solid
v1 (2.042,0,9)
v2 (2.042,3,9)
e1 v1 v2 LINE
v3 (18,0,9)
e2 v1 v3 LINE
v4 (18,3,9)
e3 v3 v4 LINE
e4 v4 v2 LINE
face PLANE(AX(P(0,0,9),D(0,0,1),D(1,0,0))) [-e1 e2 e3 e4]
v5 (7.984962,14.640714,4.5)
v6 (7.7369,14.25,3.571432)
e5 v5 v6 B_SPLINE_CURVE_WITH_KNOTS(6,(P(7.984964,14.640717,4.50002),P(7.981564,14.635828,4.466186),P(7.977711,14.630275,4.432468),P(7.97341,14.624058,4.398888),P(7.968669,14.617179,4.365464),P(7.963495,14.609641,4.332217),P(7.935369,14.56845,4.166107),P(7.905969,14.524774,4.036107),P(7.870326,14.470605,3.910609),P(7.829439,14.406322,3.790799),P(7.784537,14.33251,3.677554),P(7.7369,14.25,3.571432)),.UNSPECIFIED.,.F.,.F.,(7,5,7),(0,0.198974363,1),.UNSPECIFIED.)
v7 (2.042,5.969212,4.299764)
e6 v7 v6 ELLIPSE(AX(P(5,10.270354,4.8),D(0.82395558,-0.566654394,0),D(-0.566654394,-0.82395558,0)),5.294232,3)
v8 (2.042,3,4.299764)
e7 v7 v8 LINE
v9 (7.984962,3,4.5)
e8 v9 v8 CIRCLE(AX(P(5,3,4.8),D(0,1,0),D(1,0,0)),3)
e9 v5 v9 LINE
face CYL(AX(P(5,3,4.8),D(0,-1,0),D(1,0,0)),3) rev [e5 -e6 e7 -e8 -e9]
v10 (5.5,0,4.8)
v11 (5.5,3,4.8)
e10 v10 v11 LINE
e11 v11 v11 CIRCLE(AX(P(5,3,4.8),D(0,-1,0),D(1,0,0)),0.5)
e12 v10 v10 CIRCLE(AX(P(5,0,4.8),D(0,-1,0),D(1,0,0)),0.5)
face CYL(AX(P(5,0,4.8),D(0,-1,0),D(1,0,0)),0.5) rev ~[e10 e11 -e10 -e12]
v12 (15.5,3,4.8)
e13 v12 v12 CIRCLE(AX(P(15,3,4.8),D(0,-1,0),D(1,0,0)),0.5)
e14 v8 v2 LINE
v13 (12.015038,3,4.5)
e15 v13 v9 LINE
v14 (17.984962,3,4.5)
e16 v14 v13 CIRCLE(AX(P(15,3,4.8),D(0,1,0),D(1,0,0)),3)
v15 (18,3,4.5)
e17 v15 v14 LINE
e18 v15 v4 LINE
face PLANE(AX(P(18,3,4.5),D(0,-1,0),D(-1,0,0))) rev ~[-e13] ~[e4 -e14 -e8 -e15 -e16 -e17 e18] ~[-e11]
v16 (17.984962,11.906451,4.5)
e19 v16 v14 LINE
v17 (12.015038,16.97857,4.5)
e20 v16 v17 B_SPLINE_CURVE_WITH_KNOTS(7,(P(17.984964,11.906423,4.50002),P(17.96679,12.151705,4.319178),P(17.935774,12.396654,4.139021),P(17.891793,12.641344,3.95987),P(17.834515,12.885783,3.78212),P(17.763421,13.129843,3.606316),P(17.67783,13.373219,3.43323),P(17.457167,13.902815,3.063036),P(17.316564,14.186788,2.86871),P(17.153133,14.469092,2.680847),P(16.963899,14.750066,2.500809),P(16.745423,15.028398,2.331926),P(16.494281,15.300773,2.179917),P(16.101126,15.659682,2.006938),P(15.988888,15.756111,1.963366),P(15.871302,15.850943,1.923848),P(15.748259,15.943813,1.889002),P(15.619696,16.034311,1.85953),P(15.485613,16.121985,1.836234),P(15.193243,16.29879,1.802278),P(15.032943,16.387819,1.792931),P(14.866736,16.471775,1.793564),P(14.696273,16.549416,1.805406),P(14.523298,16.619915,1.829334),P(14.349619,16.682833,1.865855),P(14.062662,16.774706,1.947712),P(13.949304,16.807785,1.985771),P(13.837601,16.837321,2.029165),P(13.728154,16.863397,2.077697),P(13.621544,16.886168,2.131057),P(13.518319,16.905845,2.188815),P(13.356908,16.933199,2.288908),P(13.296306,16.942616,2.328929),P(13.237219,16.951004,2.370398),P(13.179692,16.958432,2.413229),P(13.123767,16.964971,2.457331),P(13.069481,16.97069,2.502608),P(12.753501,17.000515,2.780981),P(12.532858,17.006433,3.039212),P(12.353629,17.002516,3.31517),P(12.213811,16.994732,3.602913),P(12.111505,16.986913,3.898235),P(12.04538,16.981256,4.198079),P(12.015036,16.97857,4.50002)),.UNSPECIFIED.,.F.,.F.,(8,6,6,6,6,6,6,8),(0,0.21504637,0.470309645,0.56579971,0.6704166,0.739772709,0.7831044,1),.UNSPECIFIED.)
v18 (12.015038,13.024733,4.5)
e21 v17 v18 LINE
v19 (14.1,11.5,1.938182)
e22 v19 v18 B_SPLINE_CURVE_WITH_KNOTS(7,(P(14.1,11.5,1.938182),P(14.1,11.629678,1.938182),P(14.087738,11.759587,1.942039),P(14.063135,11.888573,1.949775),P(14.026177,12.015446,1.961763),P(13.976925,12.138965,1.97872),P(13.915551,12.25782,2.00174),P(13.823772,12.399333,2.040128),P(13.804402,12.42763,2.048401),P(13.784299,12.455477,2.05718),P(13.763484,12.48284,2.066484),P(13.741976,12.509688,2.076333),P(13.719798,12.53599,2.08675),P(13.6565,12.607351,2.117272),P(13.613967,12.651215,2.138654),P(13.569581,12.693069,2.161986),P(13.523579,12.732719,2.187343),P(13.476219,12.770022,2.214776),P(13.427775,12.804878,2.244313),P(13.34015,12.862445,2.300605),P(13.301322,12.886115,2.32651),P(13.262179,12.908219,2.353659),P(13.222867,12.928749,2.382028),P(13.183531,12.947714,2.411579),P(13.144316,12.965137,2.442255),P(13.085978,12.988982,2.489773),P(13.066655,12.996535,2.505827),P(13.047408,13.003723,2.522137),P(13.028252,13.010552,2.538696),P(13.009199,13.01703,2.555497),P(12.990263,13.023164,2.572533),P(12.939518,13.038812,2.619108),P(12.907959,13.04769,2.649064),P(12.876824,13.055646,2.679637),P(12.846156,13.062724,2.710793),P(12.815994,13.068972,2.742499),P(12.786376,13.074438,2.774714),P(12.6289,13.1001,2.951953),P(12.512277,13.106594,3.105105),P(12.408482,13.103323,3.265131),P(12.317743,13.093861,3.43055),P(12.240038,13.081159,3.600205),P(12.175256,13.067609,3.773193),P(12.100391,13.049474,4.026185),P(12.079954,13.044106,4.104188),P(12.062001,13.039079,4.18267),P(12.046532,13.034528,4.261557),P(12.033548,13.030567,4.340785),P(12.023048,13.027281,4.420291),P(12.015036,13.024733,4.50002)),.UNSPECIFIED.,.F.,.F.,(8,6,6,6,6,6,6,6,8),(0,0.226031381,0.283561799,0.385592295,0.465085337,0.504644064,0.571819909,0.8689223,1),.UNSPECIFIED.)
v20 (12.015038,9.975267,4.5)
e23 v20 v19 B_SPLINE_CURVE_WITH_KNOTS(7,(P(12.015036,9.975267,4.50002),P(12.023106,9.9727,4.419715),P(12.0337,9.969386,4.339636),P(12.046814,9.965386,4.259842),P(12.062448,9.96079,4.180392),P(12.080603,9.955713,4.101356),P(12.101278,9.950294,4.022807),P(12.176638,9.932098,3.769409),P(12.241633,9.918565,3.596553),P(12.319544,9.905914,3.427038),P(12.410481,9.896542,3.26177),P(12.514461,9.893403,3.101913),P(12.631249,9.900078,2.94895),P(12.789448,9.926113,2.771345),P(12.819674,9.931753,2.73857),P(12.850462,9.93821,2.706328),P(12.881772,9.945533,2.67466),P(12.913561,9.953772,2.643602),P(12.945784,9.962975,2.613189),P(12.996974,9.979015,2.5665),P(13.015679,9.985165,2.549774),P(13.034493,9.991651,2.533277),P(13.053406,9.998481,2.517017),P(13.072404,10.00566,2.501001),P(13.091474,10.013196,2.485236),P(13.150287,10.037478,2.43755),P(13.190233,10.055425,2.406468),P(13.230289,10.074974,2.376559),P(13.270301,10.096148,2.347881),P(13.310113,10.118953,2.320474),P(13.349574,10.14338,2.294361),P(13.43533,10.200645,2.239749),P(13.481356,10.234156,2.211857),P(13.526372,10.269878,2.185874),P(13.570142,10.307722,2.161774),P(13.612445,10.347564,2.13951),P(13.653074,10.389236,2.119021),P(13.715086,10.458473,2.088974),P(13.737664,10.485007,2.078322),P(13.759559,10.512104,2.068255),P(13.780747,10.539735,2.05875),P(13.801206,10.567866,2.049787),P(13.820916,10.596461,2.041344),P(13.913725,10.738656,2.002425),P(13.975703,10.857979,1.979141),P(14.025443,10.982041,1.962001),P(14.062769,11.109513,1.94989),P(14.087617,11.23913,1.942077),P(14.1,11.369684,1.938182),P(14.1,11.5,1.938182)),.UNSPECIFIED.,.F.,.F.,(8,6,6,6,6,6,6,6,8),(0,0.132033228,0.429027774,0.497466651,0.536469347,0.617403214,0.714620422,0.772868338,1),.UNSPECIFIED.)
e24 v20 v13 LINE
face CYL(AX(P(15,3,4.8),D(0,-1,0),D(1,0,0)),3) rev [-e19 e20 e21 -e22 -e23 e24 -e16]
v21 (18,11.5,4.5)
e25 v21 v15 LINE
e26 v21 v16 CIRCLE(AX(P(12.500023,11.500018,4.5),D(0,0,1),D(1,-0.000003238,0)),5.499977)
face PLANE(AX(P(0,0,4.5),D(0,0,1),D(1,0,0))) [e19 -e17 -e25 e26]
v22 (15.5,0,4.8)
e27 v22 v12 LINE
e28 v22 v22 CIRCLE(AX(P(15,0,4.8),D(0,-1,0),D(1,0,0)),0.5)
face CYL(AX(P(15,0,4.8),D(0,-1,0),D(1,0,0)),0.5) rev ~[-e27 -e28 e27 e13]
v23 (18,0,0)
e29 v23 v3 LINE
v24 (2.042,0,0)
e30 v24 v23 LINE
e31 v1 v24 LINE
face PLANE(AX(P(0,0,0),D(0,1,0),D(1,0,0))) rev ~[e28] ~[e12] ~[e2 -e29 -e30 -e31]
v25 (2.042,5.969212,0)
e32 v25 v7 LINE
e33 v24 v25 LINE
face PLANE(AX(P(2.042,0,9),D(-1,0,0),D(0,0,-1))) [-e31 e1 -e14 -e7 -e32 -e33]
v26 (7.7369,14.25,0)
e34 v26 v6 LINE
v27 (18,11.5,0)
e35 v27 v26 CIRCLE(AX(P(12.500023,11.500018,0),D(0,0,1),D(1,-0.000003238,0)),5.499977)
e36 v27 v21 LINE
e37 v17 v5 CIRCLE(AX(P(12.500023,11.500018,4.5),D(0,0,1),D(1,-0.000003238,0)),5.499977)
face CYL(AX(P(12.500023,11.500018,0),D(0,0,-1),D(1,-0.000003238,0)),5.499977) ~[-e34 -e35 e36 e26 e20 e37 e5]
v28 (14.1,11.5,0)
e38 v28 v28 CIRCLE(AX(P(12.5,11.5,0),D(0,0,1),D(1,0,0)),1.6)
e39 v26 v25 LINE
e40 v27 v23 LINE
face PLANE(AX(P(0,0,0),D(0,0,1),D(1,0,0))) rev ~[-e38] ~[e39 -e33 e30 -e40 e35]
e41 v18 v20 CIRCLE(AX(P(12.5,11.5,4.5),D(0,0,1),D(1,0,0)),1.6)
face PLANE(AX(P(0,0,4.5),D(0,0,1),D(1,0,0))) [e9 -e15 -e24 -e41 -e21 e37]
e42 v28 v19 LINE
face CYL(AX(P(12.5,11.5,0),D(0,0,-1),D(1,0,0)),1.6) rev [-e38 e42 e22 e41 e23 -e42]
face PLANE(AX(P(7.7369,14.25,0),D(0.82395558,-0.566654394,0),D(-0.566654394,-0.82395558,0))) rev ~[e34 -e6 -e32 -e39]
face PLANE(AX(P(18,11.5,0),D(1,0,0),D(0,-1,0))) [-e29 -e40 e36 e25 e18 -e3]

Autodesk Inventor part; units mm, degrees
ref_plane "YZ Plane" through (0, 0, 0) normal (1, 0, 0) x (0, 1, 0)
ref_plane "XZ Plane" through (0, 0, 0) normal (0, 1, 0) x (-1, 0, 0)
ref_plane "XY Plane" through (0, 0, 0) normal (0, 0, 1) x (1, 0, 0)
sketch "Sketch1" plane through (0, 0, 0) normal (0, 0, 1) x (1, 0, 0)
  circle A0 centre (12.5, 11.5) radius 1.6
  line L0 (0, 0) -> (18, 0)
  line L1 (0, 0) -> (0, 3)
  arc A1 (18, 11.5) -> (7.7369, 14.25) centre (12.5, 11.5) ccw
  line L2 (12.5, 11.5) -> (7.7369, 14.25) construction
  line L3 (12.5, 11.5) -> (18, 11.5) construction
  line L4 (7.7369, 14.25) -> (0, 3)
  line L5 (18, 11.5) -> (18, 0)
  dimension "d17" = 3
  dimension "d19" = 11.5
  dimension "d23" = 90
  dimension "d25" = 12.5
  dimension "d31" = 5.5
  dimension "d32" = 150
extrude "Extrusion1" add sketch "Sketch1" along normal blind 4.5
sketch "Sketch4" plane through (0, 0, 4.5) normal (0, 0, 1) x (1, 0, 0)
  line L0 (0, 3) -> (0, 0) projected
  line L1 (18, 0) -> (18, 3)
  line L2 (0, 0) -> (18, 0)
  line L3 (18, 0) -> (18, 3)
  line L4 (18, 3) -> (0, 3)
  line L5 (0, 3) -> (0, 0)
  line L6 (18, 0) -> (18, 11.5) projected
extrude "Extrusion2" add sketch "Sketch4" along normal blind 4.5
sketch "Sketch5" plane through (0, 0, 0) normal (0, -1, 0) x (1, 0, 0)
  circle A0 centre (5, 4.8) radius 0.5
  circle A1 centre (15, 4.8) radius 0.5
  line L0 (0, 0) -> (18, 0) projected
  point P0 (20.0001, 0)
  dimension "d13" = 1
  dimension "d14" = 1
  dimension "d38" = 4.8
  dimension "d39" = 4.8
extrude "Extrusion3" cut sketch "Sketch5" against normal through all
sketch "Sketch6" plane through (0, 3, 9) normal (0, 1, 0) x (1, 0, 0)
  circle A0 centre (5, 4.2) radius 0.5 projected
  circle A1 centre (5, 4.2) radius 3
  circle A2 centre (15, 4.2) radius 0.5 projected
  circle A3 centre (15, 4.2) radius 3
  line L0 (0, 9) -> (18, 9) projected
  point P0 (20.0001, 9)
  dimension "d34" = 6
  dimension "d35" = 6
  dimension "d40" = 4.8
  dimension "d41" = 4.8
extrude "Extrusion4" cut sketch "Sketch6" along normal up to next
sketch "Sketch7" plane through (0, 0, 0) normal (0, -1, 0) x (1, 0, 0)
  line L0 (0, 0) -> (0, 9) projected
  line L1 (2.042, 0) -> (0, 0)
  line L2 (0, 0) -> (0, 9)
  line L3 (0, 9) -> (2.042, 9)
  line L4 (2.042, 9) -> (2.042, 0)
extrude "Extrusion5" cut sketch "Sketch7" against normal up to next
properties part number "lower_deck_shaft_mount_v2_printing_inna_plaszczyzna_jako_baza"
